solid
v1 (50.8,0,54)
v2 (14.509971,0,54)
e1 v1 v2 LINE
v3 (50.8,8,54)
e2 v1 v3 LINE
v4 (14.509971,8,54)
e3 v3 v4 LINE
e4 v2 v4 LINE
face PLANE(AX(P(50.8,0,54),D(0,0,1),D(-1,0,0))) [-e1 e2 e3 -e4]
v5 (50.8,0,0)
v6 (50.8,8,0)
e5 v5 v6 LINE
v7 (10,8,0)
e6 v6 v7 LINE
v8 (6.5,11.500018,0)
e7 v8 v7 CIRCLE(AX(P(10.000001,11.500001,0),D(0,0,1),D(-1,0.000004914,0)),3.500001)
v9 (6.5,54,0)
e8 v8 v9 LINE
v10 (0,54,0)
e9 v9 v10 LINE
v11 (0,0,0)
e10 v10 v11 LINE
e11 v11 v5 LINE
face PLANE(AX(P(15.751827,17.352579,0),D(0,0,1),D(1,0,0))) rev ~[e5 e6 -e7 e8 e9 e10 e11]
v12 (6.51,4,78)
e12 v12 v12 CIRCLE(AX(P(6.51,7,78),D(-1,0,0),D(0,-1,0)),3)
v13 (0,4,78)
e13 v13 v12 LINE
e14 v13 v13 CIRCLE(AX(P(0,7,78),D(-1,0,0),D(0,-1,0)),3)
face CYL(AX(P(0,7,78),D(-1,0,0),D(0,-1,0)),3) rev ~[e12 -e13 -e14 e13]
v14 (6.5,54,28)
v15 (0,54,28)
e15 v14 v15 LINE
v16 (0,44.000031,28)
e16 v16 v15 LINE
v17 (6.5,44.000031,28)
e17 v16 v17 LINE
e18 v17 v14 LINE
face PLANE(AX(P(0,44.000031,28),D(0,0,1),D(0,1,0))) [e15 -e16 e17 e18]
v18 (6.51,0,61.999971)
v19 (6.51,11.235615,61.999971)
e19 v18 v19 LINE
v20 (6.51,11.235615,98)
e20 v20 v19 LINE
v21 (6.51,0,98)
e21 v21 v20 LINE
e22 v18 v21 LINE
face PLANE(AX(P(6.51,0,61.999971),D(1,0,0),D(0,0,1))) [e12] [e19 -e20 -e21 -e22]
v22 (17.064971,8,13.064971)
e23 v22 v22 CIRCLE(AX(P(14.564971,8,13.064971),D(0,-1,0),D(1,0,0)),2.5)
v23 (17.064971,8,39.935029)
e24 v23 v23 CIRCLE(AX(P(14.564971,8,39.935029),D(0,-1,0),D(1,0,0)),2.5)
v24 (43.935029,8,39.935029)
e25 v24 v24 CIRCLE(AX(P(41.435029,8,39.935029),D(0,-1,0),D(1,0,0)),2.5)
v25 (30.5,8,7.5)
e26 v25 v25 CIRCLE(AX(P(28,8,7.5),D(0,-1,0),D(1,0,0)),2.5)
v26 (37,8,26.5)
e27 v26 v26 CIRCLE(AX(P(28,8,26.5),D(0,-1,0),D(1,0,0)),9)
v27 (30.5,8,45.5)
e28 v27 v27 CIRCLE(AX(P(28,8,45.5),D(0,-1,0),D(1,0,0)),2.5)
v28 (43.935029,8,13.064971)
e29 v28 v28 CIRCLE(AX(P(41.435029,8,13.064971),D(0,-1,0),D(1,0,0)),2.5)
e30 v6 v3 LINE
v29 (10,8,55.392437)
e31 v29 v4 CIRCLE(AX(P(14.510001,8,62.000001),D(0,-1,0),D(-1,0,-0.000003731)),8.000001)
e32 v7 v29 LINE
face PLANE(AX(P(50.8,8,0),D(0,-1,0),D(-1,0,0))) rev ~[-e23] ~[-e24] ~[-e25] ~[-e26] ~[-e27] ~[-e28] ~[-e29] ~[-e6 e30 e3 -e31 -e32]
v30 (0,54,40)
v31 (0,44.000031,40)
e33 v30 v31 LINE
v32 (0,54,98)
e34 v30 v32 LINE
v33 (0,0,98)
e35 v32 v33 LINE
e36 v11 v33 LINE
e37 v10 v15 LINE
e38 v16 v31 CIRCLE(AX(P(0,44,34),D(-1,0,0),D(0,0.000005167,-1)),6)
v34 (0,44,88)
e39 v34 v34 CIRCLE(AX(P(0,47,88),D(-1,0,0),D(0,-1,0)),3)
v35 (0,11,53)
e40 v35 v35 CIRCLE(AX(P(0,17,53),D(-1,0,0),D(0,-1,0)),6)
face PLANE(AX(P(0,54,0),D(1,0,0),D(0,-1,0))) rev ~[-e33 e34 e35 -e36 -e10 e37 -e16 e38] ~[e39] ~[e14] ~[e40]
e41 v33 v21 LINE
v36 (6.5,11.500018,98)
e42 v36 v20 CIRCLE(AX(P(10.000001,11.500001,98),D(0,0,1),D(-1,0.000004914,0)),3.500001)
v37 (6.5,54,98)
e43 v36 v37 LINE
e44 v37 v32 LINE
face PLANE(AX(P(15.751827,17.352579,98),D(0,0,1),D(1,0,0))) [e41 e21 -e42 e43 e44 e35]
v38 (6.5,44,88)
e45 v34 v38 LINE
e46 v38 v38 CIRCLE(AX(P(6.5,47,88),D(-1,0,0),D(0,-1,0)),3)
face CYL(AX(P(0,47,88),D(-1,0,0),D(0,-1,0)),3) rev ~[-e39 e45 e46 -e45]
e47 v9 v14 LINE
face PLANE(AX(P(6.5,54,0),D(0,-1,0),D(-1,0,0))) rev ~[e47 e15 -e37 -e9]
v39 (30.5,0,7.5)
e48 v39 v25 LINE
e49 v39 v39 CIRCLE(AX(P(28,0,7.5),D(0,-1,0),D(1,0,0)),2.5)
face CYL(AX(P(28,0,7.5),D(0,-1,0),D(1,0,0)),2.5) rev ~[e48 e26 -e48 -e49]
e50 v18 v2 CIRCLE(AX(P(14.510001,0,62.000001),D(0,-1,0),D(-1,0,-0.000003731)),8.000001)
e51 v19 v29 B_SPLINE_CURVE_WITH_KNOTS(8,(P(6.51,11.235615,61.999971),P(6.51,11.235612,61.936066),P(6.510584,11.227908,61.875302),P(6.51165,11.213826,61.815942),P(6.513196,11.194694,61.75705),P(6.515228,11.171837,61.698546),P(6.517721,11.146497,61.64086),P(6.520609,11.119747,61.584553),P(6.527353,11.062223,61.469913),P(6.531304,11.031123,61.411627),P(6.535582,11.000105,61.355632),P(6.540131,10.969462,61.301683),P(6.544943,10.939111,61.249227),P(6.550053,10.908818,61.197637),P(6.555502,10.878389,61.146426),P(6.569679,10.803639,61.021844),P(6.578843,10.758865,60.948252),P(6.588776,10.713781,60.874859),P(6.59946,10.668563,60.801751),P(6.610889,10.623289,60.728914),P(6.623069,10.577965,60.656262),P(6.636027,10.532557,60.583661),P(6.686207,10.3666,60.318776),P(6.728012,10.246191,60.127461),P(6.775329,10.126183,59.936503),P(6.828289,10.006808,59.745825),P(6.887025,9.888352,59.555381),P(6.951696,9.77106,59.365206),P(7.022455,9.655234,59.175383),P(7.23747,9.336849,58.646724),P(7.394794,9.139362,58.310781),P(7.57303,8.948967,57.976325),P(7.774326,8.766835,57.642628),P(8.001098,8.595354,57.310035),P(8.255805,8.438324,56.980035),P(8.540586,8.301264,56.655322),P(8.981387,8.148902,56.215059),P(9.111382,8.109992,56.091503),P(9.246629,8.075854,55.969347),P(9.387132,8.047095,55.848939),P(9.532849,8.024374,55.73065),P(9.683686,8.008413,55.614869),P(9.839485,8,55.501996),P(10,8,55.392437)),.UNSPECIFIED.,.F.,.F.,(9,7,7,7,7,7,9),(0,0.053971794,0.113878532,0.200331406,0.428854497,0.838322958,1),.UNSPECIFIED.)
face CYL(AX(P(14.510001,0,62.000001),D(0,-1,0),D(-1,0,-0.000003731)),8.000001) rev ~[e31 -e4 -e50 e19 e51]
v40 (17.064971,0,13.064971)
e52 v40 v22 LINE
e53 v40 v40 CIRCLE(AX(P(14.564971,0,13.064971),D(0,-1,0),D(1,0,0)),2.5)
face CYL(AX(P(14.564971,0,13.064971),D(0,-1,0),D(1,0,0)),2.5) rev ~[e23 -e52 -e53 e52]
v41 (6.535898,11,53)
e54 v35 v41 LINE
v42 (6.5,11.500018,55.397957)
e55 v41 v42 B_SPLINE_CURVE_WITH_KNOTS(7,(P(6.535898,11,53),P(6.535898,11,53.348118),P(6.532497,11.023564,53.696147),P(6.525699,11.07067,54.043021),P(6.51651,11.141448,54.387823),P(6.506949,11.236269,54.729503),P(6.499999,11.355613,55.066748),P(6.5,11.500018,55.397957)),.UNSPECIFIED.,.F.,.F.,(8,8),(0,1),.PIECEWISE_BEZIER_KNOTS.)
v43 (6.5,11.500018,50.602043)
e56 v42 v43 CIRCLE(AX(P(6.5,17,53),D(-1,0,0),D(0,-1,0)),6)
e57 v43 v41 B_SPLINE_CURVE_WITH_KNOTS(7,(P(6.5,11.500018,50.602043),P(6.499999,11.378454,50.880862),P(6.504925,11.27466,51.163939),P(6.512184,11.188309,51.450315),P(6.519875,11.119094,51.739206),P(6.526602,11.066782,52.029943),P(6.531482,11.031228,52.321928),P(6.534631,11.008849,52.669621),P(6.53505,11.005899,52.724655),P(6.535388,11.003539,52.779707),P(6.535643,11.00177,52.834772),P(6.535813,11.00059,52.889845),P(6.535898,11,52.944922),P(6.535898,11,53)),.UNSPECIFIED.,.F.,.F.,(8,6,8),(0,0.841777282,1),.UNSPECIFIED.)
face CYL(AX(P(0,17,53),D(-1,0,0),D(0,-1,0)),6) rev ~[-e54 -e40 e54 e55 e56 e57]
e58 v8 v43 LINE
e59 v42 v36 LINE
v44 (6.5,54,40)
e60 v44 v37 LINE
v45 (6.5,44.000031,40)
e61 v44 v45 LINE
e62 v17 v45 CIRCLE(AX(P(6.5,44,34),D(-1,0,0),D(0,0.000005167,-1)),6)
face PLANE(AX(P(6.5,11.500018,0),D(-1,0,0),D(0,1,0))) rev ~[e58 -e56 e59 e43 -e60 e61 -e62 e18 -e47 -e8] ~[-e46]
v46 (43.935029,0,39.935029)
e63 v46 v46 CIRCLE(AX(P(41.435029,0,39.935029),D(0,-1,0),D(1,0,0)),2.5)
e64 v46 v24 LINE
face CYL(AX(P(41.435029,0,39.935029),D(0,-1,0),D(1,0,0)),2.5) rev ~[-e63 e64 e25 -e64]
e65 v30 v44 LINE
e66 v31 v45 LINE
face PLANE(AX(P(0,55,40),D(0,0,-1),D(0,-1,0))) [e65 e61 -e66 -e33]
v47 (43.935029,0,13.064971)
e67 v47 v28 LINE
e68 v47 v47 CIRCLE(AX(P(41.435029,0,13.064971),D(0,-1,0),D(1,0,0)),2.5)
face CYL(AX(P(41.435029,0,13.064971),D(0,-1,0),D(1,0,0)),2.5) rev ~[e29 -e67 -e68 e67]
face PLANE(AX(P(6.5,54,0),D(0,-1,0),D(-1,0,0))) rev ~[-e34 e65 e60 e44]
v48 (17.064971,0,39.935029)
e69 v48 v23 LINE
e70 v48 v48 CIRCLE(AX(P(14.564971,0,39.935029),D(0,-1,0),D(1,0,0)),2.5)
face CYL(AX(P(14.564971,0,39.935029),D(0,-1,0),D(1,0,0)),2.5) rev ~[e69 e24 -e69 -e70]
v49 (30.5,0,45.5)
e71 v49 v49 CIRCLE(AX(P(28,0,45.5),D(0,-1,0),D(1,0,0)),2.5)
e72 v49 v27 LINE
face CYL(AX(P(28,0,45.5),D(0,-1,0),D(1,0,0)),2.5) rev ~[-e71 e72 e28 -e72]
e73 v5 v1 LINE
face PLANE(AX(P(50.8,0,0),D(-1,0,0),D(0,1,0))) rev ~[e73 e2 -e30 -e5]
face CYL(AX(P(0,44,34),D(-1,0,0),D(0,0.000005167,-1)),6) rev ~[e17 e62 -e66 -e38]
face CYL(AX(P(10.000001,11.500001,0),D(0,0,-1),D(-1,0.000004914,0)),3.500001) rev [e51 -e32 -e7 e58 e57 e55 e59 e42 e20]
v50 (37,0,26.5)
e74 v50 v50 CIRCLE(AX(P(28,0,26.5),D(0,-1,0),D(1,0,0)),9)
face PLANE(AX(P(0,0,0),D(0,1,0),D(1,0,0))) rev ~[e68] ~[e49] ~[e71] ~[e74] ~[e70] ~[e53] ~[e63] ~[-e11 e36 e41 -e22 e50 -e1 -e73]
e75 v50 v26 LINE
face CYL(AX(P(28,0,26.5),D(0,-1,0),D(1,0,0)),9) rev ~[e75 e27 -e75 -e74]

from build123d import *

# Parameters (mm, degrees)
PAD_DEPTH       = 98
SKETCH001_R     = 3
SKETCH001_R_2   = 6
POCKET_DEPTH    = 7
SKETCH002_R     = 9
SKETCH002_R_2   = 2.5
POCKET001_DEPTH = 12


with BuildPart() as part:
    # Sketch → Pad (new body)
    with BuildSketch(Plane.XY):
        with BuildLine():
            Line((6.5, 11.500018), (6.5, 54))
            Line((6.5, 54), (0, 54))
            Line((0, 54), (0, 0))
            Line((0, 0), (50.8, 0))
            Line((50.8, 0), (50.8, 8))
            Line((50.8, 8), (10, 8))
            ThreePointArc((6.5, 11.500018), (7.52512, 9.025133), (10, 8))
        make_face()
    extrude(amount=PAD_DEPTH)

    # Sketch001 → Pocket (cut)
    with BuildSketch(Plane(origin=(0, 0, 0), x_dir=(0, -1, 0), z_dir=(-1, 0, 0))):
        with Locations((-47, 88)):
            Circle(SKETCH001_R)
        with Locations((-7, 78)):
            Circle(SKETCH001_R)
        with Locations((-17, 53)):
            Circle(SKETCH001_R_2)
        with BuildLine():
            Line((-44.000031, 28), (-55, 28))
            Line((-55, 28), (-55, 40))
            Line((-55, 40), (-44.000031, 40))
            ThreePointArc((-44.000031, 28), (-38, 34), (-44.000031, 40))
        make_face()
    extrude(amount=-POCKET_DEPTH, mode=Mode.SUBTRACT)

    # Sketch002 → Pocket001 (cut)
    with BuildSketch(Plane.XZ):
        with Locations((28, 26.5)):
            Circle(SKETCH002_R)
        with Locations((14.564971, 39.935029)):
            Circle(SKETCH002_R_2)
        with Locations((28, 45.5)):
            Circle(SKETCH002_R_2)
        with Locations((41.435029, 39.935029)):
            Circle(SKETCH002_R_2)
        with Locations((14.564971, 13.064971)):
            Circle(SKETCH002_R_2)
        with Locations((28, 7.5)):
            Circle(SKETCH002_R_2)
        with Locations((41.435029, 13.064971)):
            Circle(SKETCH002_R_2)
        with BuildLine():
            Line((6.51, 61.999971), (6.51, 98))
            Line((6.51, 98), (50.8, 98))
            Line((50.8, 98), (50.8, 54))
            Line((50.8, 54), (14.509971, 54))
            ThreePointArc((6.51, 61.999971), (8.853146, 56.343146), (14.509971, 54))
        make_face()
    extrude(amount=-POCKET001_DEPTH, mode=Mode.SUBTRACT)


solid = part.part
